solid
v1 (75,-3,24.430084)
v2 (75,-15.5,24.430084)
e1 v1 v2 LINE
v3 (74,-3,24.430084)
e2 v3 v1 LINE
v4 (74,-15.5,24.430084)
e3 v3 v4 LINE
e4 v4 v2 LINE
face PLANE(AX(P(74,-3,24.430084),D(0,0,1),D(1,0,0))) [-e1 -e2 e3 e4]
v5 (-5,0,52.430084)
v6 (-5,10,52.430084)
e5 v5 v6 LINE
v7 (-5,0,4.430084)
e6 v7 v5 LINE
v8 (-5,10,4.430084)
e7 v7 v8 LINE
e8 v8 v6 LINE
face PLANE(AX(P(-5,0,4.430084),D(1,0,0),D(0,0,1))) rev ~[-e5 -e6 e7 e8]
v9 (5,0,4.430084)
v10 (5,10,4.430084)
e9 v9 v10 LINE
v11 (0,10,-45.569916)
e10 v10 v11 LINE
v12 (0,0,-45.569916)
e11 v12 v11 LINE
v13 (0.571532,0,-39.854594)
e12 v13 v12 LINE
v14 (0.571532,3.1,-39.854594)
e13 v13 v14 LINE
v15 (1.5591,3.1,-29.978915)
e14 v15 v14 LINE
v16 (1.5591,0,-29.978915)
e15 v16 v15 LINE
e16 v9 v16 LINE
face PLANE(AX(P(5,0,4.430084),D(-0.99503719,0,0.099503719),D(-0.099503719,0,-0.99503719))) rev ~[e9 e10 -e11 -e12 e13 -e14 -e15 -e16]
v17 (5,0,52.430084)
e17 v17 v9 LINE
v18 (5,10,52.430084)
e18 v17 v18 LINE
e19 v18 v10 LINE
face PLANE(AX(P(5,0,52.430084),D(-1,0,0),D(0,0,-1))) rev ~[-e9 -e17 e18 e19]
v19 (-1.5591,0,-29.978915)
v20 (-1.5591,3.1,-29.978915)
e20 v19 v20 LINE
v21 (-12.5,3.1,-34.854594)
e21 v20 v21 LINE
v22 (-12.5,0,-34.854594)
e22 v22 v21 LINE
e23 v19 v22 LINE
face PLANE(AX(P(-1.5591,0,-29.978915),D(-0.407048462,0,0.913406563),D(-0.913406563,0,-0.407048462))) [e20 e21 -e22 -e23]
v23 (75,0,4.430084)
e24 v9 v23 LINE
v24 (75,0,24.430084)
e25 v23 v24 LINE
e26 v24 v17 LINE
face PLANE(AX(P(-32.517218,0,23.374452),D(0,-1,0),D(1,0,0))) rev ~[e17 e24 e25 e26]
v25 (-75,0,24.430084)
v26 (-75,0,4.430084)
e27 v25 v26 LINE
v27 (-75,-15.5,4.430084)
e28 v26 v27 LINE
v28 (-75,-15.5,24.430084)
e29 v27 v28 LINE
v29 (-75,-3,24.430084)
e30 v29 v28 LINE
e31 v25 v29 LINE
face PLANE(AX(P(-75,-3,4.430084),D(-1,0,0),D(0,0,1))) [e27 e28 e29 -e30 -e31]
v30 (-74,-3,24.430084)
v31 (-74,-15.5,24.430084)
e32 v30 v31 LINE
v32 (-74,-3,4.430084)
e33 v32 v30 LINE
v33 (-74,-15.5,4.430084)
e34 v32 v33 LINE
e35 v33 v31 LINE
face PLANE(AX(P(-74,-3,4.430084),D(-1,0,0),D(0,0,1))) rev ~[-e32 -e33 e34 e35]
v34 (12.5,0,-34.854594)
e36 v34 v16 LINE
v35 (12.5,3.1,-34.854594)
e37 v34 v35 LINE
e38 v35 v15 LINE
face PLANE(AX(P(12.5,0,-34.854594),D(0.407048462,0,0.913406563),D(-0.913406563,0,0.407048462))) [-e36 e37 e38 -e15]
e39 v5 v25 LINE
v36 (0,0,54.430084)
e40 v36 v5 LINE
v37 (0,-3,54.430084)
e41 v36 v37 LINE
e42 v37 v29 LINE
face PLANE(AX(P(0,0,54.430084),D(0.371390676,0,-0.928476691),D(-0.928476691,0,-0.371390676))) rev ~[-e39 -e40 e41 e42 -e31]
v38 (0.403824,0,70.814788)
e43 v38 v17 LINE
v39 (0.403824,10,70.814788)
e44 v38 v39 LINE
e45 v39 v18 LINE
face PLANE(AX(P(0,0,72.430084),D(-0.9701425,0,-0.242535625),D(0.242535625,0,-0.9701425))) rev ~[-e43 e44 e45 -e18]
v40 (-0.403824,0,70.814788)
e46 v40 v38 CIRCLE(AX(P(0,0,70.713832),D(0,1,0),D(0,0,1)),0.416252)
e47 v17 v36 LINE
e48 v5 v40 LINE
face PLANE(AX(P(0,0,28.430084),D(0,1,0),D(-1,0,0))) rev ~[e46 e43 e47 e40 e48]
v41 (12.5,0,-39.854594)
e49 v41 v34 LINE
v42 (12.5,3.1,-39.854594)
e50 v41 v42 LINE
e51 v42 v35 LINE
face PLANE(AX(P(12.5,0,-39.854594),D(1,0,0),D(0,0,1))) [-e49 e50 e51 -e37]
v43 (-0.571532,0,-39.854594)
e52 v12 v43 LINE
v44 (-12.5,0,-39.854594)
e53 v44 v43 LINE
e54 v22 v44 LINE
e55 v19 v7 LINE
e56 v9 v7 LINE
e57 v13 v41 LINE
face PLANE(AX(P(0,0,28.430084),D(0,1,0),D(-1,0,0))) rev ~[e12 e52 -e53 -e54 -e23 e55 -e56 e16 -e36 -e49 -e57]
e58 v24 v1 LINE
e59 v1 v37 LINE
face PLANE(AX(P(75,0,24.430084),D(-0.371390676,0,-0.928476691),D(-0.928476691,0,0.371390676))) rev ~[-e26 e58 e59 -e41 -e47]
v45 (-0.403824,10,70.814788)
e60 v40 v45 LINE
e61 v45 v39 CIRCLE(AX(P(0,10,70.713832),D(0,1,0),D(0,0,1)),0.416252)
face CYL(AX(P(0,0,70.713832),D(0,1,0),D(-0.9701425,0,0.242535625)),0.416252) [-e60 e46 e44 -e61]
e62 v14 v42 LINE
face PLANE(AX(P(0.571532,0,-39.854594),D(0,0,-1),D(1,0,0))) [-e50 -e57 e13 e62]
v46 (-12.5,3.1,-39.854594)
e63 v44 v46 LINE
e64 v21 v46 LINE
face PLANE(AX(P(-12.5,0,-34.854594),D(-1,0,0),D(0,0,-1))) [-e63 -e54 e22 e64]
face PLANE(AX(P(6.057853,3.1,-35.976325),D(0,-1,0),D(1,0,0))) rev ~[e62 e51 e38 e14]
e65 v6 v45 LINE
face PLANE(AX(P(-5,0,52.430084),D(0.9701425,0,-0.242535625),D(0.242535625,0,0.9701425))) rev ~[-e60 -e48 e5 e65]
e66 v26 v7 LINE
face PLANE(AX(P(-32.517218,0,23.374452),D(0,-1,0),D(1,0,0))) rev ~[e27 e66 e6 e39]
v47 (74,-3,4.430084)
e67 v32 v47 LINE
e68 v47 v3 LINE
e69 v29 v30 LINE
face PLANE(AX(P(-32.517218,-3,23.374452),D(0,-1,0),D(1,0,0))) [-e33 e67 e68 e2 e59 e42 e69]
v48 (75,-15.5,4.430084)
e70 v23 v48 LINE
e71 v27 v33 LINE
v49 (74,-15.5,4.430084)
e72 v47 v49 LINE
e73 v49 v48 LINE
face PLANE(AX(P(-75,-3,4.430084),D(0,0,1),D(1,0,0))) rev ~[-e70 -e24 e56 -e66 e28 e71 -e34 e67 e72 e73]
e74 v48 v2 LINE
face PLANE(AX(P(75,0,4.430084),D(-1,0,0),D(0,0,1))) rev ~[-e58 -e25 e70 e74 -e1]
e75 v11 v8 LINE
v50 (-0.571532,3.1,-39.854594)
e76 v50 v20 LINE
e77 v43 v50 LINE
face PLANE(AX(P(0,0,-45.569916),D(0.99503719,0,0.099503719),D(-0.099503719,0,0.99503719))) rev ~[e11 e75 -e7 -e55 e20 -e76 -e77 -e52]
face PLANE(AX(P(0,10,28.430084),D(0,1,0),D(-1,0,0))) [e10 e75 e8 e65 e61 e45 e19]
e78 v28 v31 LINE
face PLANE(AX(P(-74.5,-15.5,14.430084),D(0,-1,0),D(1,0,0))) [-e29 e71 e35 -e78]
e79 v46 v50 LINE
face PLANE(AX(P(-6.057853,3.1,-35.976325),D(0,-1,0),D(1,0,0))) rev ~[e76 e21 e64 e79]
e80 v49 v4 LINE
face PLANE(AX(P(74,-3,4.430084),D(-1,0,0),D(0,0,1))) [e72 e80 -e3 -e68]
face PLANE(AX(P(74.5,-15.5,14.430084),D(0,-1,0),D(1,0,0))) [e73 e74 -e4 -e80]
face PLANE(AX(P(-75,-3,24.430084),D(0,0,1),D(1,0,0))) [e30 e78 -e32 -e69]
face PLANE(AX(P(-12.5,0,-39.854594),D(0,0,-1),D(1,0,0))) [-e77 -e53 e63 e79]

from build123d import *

# Parameters (mm, degrees)
F1_DEPTH = 3
F2_W     = 1
F2_H     = 20
F3_DEPTH = 12.5
F5_DEPTH = 10
F6_DEPTH = 10
F8_DEPTH = 3.1
F9_R     = 0.4162523321


with BuildPart() as f1:
    # F0 (on Front) → F1 (new body)
    with BuildSketch(Plane.XZ):
        Polygon((0, 54.4300840236), (-75, 24.4300840236), (-75, 4.4300840236), (0, 4.4300840236), align=None)
        Polygon((75, 24.4300840236), (0, 54.4300840236), (0, 4.4300840236), (75, 4.4300840236), align=None)
    extrude(amount=F1_DEPTH)

    # F2 (on face) → F3 (join)
    with BuildSketch(Plane.XZ.offset(3)):
        with Locations((-74.5, 14.4300840236)):
            Rectangle(F2_W, F2_H)
        with Locations((74.5, 14.4300840236)):
            Rectangle(F2_W, F2_H)
    extrude(amount=F3_DEPTH)

    # F4 (on face) → F5 (join)
    with BuildSketch(Plane(origin=(0, 0, 0), x_dir=(-1, 0, 0), z_dir=(0, 1, 0))):
        Polygon((-5, 4.4300840236), (0, 4.4300840236), (5, 4.4300840236), (5, 52.4300840236), (0, 52.4300840236), (-5, 52.4300840236), align=None)
    extrude(amount=F5_DEPTH)

    # F4 (on face) → F6 (join)
    with BuildSketch(Plane(origin=(0, 0, 0), x_dir=(-1, 0, 0), z_dir=(0, 1, 0))):
        Polygon((-5, 4.4300840236), (0, 4.4300840236), (5, 4.4300840236), (5, 52.4300840236), (0, 52.4300840236), (-5, 52.4300840236), align=None)
        Polygon((0, -45.5699159764), (0, 4.4300840236), (-5, 4.4300840236), align=None)
        Polygon((5, 4.4300840236), (0, 4.4300840236), (0, -45.5699159764), align=None)
        Polygon((0, 52.4300840236), (5, 52.4300840236), (0, 72.4300840236), align=None)
        Polygon((0, 72.4300840236), (-5, 52.4300840236), (0, 52.4300840236), align=None)
    extrude(amount=F6_DEPTH)

    # F7 (on face) → F8 (join)
    with BuildSketch(Plane.XZ):
        Polygon((-12.5, -39.854593575), (-0.5715322401, -39.854593575), (-1.5591000635, -29.9789153418), (-12.5, -34.854593575), align=None)
        Polygon((1.5591000635, -29.9789153418), (0.5715322401, -39.854593575), (12.5, -39.854593575), (12.5, -34.854593575), align=None)
    extrude(amount=-F8_DEPTH)

    # F9
    f9_edges = [f1.edges().sort_by_distance(p)[0] for p in [
        (0, 5, 72.430084),
    ]]
    fillet(f9_edges, radius=F9_R)


solid = f1.part
